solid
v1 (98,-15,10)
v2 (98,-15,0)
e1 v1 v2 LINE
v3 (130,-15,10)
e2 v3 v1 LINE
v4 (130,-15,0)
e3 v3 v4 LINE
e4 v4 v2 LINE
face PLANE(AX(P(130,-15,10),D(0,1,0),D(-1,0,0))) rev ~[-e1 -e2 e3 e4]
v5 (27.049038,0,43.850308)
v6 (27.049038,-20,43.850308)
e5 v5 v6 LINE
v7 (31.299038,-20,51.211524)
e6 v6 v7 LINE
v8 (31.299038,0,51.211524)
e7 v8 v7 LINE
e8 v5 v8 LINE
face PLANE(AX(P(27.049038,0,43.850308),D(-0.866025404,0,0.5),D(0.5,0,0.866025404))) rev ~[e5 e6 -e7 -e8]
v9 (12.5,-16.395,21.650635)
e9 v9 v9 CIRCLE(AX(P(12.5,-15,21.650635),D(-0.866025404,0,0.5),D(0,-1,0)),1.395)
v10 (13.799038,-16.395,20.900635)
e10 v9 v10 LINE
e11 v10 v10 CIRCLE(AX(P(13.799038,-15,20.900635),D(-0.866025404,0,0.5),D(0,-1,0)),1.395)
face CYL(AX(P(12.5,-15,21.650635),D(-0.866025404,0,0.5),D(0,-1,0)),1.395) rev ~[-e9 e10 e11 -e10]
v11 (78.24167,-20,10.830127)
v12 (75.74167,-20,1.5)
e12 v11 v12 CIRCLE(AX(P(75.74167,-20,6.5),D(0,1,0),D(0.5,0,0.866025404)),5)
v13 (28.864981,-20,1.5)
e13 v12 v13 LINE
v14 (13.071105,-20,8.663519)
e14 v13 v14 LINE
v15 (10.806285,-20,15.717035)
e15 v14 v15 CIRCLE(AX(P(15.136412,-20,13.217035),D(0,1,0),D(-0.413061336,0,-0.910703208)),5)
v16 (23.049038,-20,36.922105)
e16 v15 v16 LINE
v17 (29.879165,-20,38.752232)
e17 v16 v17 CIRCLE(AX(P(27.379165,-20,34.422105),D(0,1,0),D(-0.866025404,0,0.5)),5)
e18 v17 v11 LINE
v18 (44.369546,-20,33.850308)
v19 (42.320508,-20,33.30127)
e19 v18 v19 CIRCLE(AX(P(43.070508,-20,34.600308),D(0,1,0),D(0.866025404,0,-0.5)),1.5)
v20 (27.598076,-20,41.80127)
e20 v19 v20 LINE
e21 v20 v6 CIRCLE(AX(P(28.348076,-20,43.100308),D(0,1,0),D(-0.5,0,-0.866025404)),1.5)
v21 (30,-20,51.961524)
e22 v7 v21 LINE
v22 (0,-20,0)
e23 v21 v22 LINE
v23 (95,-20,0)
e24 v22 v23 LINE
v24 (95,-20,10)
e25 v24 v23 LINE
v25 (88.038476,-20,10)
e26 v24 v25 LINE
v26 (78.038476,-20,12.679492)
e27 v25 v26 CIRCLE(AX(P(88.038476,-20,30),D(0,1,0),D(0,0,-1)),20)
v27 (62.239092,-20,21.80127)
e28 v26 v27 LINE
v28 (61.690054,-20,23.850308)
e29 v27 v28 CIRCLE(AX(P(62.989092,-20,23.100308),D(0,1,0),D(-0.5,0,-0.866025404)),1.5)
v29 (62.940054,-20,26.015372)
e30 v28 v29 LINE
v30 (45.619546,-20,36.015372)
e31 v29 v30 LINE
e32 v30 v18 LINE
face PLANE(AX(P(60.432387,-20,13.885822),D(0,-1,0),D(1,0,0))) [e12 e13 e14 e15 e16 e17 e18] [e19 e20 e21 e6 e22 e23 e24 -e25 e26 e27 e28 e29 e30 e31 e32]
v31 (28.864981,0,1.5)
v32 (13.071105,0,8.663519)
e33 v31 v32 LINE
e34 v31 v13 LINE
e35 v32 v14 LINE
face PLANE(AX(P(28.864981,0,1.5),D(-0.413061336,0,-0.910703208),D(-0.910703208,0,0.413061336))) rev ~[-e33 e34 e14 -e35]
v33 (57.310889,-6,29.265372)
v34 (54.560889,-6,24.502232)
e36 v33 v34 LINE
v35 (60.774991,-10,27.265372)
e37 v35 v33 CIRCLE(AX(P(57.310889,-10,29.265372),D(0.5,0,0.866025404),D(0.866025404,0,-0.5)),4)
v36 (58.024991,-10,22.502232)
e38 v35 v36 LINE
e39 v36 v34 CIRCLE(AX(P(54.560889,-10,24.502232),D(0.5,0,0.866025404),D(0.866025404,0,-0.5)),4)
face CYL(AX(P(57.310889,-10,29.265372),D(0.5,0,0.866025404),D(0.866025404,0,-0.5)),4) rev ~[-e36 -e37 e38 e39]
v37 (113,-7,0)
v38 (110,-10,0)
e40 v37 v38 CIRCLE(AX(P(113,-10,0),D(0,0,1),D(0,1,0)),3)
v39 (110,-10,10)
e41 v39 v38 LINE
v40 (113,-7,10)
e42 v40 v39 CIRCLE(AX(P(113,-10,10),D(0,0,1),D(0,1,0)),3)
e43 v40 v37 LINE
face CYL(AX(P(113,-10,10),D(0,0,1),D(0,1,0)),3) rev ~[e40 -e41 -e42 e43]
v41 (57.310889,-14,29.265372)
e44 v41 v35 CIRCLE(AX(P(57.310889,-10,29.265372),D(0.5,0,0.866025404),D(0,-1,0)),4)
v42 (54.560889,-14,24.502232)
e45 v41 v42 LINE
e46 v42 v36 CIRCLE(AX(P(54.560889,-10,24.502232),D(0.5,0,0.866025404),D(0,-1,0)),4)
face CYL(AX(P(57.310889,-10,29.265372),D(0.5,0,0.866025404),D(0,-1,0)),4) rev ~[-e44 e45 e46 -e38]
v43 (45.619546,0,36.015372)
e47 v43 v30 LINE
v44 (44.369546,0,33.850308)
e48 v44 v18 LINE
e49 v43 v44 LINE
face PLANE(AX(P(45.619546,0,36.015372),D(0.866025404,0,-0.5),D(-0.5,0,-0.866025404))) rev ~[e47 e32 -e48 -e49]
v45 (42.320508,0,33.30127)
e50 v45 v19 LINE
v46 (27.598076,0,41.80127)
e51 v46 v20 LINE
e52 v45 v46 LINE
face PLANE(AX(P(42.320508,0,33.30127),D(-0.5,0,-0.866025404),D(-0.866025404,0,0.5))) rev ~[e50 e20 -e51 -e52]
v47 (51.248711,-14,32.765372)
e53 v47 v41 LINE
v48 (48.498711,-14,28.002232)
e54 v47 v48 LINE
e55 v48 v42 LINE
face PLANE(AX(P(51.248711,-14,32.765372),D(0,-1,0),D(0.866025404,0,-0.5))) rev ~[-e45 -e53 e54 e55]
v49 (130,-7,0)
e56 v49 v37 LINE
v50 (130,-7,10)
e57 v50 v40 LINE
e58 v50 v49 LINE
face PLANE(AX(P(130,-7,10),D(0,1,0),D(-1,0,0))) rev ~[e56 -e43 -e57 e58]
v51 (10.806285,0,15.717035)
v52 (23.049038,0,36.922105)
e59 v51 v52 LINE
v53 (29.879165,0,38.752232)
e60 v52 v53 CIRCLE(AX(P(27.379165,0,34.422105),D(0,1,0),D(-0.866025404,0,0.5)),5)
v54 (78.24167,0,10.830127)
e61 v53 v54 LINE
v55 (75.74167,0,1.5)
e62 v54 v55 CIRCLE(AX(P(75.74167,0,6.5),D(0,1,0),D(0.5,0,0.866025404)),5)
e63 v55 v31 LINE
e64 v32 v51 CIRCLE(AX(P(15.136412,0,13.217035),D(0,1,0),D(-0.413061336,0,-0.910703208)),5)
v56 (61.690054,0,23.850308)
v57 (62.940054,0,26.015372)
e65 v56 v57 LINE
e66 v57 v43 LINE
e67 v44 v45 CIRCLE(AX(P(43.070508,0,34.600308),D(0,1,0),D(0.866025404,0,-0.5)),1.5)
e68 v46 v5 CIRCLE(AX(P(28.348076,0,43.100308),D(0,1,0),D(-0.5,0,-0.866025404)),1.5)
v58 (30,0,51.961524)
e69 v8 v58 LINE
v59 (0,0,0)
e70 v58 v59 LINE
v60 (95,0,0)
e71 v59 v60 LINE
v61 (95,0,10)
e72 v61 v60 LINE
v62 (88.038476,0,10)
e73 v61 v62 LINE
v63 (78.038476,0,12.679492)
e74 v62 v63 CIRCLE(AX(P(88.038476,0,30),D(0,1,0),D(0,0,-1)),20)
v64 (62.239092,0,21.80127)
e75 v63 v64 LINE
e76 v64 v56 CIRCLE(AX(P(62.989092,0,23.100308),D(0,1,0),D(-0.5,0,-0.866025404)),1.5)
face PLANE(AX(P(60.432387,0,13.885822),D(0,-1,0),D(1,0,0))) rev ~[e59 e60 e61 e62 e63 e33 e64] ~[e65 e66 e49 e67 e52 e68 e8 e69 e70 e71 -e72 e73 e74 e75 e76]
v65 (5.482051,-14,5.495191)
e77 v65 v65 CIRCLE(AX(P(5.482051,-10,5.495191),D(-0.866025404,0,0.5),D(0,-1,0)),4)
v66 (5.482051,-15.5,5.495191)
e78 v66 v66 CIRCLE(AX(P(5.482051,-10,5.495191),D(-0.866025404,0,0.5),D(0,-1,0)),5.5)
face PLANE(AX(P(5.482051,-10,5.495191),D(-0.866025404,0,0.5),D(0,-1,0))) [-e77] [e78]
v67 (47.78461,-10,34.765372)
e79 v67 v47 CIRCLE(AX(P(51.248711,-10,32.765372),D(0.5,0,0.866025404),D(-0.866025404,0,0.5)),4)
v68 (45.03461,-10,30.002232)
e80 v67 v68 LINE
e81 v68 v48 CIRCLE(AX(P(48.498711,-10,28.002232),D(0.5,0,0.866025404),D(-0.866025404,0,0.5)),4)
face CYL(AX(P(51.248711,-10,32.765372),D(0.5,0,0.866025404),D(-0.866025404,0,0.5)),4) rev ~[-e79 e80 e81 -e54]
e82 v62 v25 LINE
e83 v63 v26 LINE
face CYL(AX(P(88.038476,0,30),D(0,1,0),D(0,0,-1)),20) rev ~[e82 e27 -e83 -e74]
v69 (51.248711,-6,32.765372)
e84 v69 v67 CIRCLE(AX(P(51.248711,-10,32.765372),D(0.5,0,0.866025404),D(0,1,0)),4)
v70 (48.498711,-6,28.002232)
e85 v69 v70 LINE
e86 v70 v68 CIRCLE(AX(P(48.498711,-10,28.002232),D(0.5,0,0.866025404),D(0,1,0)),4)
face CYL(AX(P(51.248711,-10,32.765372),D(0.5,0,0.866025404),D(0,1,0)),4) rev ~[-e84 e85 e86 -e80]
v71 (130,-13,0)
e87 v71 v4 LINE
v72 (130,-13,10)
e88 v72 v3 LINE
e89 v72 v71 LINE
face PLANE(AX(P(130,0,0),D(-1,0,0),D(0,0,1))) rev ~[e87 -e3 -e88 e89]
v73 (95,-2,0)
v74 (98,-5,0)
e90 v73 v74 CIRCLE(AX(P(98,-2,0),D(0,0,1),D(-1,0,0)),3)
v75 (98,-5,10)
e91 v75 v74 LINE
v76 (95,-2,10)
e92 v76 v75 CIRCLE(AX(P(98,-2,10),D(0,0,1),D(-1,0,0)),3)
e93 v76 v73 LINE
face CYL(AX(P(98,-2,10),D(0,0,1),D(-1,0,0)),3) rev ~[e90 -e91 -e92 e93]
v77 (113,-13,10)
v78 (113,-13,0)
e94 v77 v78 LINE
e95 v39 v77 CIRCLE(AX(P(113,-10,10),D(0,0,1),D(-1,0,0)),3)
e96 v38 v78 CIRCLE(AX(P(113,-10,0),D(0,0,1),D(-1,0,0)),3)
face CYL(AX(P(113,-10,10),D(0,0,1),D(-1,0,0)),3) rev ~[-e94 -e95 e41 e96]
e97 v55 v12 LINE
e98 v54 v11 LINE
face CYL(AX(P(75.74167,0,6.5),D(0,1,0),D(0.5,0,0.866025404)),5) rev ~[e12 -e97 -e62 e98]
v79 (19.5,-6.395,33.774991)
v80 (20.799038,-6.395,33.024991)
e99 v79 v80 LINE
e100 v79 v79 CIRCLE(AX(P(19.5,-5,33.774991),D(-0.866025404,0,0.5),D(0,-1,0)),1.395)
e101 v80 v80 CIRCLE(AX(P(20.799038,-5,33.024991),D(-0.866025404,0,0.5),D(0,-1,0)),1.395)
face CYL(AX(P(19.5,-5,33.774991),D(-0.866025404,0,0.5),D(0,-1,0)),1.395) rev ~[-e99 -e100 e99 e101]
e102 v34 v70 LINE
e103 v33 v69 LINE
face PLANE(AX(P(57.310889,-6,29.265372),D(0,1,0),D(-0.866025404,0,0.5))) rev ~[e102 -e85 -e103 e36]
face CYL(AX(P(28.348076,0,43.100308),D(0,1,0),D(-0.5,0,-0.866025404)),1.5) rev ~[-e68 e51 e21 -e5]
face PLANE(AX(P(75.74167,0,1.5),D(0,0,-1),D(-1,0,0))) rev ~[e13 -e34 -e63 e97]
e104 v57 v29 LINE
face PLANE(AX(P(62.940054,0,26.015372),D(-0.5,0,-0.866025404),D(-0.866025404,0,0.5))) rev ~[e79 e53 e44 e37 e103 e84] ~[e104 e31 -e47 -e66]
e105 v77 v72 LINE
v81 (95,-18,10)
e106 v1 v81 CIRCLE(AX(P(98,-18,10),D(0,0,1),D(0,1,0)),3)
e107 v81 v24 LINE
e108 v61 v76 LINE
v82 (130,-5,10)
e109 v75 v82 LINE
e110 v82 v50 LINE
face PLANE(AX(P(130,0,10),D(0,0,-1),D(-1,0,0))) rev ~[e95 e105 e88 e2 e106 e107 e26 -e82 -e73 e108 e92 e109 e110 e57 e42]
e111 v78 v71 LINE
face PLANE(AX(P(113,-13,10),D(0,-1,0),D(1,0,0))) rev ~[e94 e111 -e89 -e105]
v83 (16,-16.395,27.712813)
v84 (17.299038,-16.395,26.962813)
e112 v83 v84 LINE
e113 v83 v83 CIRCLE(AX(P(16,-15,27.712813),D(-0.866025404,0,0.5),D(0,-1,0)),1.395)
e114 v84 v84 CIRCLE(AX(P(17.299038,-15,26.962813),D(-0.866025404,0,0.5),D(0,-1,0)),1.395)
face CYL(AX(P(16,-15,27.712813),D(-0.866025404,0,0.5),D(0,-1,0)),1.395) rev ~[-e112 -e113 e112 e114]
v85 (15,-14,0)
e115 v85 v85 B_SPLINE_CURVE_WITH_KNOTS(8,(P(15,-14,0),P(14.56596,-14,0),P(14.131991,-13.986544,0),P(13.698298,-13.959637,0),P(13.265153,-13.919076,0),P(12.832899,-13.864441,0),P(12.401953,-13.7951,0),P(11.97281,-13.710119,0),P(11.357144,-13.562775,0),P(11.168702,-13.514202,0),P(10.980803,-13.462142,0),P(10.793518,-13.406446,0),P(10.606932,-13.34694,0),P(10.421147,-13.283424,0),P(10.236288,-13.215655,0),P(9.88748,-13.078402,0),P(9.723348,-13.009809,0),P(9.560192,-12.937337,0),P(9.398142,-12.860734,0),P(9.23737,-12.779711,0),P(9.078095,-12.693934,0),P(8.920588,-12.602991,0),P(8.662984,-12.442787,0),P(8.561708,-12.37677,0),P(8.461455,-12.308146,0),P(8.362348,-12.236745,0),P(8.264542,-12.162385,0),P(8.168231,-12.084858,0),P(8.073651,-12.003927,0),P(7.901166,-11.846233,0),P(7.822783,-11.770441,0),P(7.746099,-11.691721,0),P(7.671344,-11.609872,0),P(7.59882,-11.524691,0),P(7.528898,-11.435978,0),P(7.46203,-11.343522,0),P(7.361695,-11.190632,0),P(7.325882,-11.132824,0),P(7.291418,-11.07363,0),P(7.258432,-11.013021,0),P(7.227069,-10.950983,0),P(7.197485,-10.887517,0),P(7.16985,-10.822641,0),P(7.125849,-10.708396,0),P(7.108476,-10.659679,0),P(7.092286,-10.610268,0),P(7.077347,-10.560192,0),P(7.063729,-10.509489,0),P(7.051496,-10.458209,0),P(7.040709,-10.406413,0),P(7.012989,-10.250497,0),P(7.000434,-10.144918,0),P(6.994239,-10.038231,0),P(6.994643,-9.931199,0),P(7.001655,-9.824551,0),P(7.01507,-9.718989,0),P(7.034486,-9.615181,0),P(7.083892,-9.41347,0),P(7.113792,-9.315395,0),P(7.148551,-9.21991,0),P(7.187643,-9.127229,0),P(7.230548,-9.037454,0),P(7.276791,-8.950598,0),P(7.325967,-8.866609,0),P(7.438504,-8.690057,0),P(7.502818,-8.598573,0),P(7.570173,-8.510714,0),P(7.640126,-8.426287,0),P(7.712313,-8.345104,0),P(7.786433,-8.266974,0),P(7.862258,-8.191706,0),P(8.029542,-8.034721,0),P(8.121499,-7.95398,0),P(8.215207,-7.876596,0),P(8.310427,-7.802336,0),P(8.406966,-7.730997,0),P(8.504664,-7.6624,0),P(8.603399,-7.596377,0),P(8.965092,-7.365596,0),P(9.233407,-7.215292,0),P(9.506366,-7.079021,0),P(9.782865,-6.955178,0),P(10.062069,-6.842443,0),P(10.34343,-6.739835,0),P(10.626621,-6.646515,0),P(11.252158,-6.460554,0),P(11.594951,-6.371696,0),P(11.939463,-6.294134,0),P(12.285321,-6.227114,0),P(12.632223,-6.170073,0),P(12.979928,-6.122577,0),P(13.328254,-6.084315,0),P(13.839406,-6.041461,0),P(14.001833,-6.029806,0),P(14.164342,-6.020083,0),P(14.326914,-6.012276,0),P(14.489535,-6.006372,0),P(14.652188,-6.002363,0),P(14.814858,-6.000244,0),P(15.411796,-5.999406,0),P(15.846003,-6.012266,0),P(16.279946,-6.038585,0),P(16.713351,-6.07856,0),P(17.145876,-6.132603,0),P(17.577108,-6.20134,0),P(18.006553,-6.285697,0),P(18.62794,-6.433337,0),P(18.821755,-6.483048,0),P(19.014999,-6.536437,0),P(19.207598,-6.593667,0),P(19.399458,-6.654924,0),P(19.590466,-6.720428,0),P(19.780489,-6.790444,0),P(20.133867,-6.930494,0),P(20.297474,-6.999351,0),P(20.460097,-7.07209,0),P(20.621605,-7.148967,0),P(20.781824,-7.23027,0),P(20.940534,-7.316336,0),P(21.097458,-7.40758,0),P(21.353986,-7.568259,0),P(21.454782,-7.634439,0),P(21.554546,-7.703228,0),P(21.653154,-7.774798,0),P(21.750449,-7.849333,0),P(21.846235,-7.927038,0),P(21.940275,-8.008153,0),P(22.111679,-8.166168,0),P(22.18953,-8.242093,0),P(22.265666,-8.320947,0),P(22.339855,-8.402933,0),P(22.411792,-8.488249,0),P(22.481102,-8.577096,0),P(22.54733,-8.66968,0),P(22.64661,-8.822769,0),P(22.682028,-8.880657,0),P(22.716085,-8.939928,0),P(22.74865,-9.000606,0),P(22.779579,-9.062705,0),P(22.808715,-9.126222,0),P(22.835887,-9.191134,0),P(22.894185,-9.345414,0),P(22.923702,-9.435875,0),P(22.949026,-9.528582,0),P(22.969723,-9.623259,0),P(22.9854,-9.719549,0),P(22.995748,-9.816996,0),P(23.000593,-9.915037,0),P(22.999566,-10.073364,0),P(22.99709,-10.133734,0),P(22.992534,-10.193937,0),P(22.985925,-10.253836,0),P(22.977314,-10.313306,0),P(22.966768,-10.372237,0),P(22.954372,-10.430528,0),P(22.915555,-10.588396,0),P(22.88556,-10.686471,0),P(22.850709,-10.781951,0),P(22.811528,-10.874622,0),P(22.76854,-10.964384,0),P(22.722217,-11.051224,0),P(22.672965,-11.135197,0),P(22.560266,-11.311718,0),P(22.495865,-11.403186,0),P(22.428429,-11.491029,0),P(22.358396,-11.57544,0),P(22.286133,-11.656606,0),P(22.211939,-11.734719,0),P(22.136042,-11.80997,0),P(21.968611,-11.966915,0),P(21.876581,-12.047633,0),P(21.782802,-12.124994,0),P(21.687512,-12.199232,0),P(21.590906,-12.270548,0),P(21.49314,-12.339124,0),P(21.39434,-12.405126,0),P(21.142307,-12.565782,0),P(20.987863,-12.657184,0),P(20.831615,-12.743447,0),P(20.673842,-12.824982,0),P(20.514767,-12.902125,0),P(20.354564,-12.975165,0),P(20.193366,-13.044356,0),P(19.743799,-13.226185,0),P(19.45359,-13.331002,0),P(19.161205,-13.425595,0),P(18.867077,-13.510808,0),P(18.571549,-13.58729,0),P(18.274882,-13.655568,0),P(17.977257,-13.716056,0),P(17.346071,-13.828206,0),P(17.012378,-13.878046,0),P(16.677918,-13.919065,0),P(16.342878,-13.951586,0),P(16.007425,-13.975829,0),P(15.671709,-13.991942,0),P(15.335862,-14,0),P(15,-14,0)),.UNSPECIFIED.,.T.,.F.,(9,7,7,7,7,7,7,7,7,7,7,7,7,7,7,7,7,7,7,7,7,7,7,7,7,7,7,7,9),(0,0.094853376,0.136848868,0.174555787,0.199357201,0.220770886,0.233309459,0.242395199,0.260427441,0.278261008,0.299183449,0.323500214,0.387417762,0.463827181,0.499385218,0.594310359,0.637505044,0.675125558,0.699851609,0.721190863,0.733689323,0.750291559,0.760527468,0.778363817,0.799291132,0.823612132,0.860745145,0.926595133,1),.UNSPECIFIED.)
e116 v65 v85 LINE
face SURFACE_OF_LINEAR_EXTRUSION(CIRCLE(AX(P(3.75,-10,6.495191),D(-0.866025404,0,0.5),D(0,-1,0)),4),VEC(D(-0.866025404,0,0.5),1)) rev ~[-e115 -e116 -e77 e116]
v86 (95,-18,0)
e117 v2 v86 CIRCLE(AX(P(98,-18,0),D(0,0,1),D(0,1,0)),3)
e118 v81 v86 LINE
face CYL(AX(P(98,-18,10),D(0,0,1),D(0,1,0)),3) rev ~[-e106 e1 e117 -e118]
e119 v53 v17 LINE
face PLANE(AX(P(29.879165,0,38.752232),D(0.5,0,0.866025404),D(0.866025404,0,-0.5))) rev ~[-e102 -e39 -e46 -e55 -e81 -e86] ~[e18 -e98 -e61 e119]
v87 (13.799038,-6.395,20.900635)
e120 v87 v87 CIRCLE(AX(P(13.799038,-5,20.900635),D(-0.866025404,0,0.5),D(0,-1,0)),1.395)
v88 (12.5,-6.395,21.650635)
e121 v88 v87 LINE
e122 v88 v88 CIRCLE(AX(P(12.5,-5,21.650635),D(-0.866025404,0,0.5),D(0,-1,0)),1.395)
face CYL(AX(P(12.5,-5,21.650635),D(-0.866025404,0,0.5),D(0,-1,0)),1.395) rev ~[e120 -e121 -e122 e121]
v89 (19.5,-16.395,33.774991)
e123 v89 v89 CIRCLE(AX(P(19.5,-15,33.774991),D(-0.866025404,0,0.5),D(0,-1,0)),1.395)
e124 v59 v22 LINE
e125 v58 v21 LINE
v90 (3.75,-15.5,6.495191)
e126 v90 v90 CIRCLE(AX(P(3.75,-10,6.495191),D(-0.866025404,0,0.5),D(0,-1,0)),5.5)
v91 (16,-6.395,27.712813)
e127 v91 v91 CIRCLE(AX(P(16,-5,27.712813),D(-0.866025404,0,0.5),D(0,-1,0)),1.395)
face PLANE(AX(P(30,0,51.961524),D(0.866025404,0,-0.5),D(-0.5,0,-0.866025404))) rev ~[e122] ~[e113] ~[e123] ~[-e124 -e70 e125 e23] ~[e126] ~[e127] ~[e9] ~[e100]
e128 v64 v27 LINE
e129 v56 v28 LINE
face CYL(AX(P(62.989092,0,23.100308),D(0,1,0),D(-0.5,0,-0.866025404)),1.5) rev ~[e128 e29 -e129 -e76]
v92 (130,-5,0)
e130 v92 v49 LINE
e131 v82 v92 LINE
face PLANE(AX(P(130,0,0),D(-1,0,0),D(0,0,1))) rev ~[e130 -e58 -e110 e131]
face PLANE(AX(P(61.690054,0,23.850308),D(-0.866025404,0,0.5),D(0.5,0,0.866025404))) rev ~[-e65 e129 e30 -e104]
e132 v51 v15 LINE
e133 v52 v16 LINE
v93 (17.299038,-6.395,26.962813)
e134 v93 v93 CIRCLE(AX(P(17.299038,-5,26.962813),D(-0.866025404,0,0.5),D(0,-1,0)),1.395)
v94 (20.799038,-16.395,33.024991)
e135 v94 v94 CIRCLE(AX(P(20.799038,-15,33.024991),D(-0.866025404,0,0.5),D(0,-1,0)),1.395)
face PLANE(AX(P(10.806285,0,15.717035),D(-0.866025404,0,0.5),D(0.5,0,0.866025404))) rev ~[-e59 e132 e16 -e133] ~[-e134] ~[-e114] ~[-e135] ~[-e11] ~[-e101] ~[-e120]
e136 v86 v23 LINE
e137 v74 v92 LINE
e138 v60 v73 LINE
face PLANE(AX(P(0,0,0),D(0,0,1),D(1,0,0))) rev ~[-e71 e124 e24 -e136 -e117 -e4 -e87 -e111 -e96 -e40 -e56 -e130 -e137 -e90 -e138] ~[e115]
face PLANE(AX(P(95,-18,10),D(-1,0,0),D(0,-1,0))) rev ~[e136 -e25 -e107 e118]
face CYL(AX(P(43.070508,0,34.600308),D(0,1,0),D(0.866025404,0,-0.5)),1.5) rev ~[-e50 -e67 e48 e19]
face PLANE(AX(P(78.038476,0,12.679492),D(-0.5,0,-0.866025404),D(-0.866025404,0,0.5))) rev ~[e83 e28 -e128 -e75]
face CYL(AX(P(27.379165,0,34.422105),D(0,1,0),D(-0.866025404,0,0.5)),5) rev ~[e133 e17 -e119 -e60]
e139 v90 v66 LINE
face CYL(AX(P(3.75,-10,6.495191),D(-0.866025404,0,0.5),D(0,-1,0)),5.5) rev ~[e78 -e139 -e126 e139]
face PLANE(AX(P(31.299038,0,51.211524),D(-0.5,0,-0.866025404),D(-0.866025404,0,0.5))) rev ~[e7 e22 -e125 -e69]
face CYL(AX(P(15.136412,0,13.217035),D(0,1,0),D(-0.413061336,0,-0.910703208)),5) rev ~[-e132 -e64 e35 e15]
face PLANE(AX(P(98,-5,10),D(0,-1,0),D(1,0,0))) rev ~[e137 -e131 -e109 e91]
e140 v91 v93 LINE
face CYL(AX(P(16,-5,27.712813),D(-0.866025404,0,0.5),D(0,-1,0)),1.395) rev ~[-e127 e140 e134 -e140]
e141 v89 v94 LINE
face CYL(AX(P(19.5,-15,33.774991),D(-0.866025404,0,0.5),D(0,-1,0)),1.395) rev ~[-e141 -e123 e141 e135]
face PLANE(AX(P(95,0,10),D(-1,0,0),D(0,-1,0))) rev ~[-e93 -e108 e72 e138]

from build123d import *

# Parameters (mm, degrees)
F1_DEPTH = 20
F2_R     = 5.5
F2_R_2   = 4
F2_R_3   = 1.395
F3_DEPTH = 2
F4_DEPTH = 112.584302492
F6_DEPTH = 10.001
F8_DEPTH = 5.5


with BuildPart() as f1:
    # F0 (on Front) → F1 (new body)
    with BuildSketch(Plane.XZ):
        with BuildLine():
            Line((30, 51.9615242271), (0, 0))
            Line((0, 0), (130, 0))
            Line((130, 0), (130, 10))
            Line((130, 10), (88.0384757729, 10))
            ThreePointArc((88.0384757729, 10), (82.8620948709, 10.6814834742), (78.0384757729, 12.6794919243))
            Line((78.0384757729, 12.6794919243), (62.2390923627, 21.8012701892))
            ThreePointArc((62.2390923627, 21.8012701892), (61.5402036233, 22.7120797272), (61.6900542571, 23.8503082949))
            Line((61.6900542571, 23.8503082949), (62.9400542571, 26.0153718044))
            Line((62.9400542571, 26.0153718044), (45.6195461814, 36.0153718044))
            Line((45.6195461814, 36.0153718044), (44.3695461814, 33.8503082949))
            ThreePointArc((44.3695461814, 33.8503082949), (43.4587366433, 33.1514195555), (42.3205080757, 33.3012701892))
            Line((42.3205080757, 33.3012701892), (27.5980762114, 41.8012701892))
            ThreePointArc((27.5980762114, 41.8012701892), (26.8991874719, 42.7120797272), (27.0490381057, 43.8503082949))
            Line((27.0490381057, 43.8503082949), (31.2990381057, 51.2115242271))
            Line((31.2990381057, 51.2115242271), (30, 51.9615242271))
        make_face()
        with BuildLine():
            ThreePointArc((13.0711054025, 8.6635187293), (10.3758012826, 11.6884456075), (10.8062850623, 15.7170347689))
            Line((10.8062850623, 15.7170347689), (23.0490381057, 36.9221050646))
            ThreePointArc((23.0490381057, 36.9221050646), (26.0850698991, 39.2517341961), (29.8791651246, 38.7522320835))
            Line((29.8791651246, 38.7522320835), (78.2416697508, 10.8301270189))
            ThreePointArc((78.2416697508, 10.8301270189), (80.5712988822, 5.2059047745), (75.7416697508, 1.5))
            Line((75.7416697508, 1.5), (28.8649813291, 1.5))
            Line((28.8649813291, 1.5), (13.0711054025, 8.6635187293))
        make_face(mode=Mode.SUBTRACT)
    extrude(amount=F1_DEPTH)

    # F2 (on face) → F3 (cut)
    with BuildSketch(Plane(origin=(0, 0, 0), x_dir=(0, -1, 0), z_dir=(-0.8660254038, 0, 0.5))):
        with Locations((10, 7.5)):
            Circle(F2_R)
        with Locations((10, 7.5)):
            Circle(F2_R_2, mode=Mode.SUBTRACT)
        with Locations((5, 25)):
            Circle(F2_R_3)
        with Locations((15, 25)):
            Circle(F2_R_3)
        with Locations((15, 32)):
            Circle(F2_R_3)
        with Locations((15, 39)):
            Circle(F2_R_3)
        with Locations((5, 39)):
            Circle(F2_R_3)
        with Locations((5, 32)):
            Circle(F2_R_3)
    extrude(amount=-F3_DEPTH, mode=Mode.SUBTRACT)

    # F4 (cut, through all): a face of the model
    f4_faces = [f1.faces().sort_by_distance(p)[0] for p in [
        (3.75, -10, 6.4951905284),
    ]]
    extrude(f4_faces, amount=-F4_DEPTH, mode=Mode.SUBTRACT)

    # F5 (on face) → F6 (cut, through all)
    with BuildSketch(Plane.XY.offset(10)):
        with BuildLine():
            Line((130, -13), (130, -10))
            Line((130, -10), (130, -7))
            Line((130, -7), (113, -7))
            ThreePointArc((113, -7), (110.8786796564, -7.8786796564), (110, -10))
            ThreePointArc((110, -10), (110.8786796564, -12.1213203436), (113, -13))
            Line((113, -13), (130, -13))
        make_face()
        with BuildLine():
            Line((130, -20), (130, -15))
            Line((130, -15), (98, -15))
            ThreePointArc((98, -15), (95.8786796564, -15.8786796564), (95, -18))
            Line((95, -18), (95, -20))
            Line((95, -20), (130, -20))
        make_face()
        with BuildLine():
            Line((98, -5), (130, -5))
            Line((130, -5), (130, 0))
            Line((130, 0), (95, 0))
            Line((95, 0), (95, -2))
            ThreePointArc((95, -2), (95.8786796564, -4.1213203436), (98, -5))
        make_face()
    extrude(amount=-F6_DEPTH, mode=Mode.SUBTRACT)

    # F7 (on face) → F8 (cut, through all)
    with BuildSketch(Plane(origin=(27, 0, 46.7653718044), x_dir=(0.8660254038, 0, -0.5), z_dir=(0.5, 0, 0.8660254038))):
        with BuildLine():
            Line((35, -6), (28, -6))
            ThreePointArc((28, -6), (25.1715728753, -7.1715728753), (24, -10))
            ThreePointArc((24, -10), (25.1715728753, -12.8284271247), (28, -14))
            Line((28, -14), (35, -14))
            ThreePointArc((35, -14), (37.8284271247, -12.8284271247), (39, -10))
            ThreePointArc((39, -10), (37.8284271247, -7.1715728753), (35, -6))
        make_face()
    extrude(amount=-F8_DEPTH, mode=Mode.SUBTRACT)


solid = f1.part
